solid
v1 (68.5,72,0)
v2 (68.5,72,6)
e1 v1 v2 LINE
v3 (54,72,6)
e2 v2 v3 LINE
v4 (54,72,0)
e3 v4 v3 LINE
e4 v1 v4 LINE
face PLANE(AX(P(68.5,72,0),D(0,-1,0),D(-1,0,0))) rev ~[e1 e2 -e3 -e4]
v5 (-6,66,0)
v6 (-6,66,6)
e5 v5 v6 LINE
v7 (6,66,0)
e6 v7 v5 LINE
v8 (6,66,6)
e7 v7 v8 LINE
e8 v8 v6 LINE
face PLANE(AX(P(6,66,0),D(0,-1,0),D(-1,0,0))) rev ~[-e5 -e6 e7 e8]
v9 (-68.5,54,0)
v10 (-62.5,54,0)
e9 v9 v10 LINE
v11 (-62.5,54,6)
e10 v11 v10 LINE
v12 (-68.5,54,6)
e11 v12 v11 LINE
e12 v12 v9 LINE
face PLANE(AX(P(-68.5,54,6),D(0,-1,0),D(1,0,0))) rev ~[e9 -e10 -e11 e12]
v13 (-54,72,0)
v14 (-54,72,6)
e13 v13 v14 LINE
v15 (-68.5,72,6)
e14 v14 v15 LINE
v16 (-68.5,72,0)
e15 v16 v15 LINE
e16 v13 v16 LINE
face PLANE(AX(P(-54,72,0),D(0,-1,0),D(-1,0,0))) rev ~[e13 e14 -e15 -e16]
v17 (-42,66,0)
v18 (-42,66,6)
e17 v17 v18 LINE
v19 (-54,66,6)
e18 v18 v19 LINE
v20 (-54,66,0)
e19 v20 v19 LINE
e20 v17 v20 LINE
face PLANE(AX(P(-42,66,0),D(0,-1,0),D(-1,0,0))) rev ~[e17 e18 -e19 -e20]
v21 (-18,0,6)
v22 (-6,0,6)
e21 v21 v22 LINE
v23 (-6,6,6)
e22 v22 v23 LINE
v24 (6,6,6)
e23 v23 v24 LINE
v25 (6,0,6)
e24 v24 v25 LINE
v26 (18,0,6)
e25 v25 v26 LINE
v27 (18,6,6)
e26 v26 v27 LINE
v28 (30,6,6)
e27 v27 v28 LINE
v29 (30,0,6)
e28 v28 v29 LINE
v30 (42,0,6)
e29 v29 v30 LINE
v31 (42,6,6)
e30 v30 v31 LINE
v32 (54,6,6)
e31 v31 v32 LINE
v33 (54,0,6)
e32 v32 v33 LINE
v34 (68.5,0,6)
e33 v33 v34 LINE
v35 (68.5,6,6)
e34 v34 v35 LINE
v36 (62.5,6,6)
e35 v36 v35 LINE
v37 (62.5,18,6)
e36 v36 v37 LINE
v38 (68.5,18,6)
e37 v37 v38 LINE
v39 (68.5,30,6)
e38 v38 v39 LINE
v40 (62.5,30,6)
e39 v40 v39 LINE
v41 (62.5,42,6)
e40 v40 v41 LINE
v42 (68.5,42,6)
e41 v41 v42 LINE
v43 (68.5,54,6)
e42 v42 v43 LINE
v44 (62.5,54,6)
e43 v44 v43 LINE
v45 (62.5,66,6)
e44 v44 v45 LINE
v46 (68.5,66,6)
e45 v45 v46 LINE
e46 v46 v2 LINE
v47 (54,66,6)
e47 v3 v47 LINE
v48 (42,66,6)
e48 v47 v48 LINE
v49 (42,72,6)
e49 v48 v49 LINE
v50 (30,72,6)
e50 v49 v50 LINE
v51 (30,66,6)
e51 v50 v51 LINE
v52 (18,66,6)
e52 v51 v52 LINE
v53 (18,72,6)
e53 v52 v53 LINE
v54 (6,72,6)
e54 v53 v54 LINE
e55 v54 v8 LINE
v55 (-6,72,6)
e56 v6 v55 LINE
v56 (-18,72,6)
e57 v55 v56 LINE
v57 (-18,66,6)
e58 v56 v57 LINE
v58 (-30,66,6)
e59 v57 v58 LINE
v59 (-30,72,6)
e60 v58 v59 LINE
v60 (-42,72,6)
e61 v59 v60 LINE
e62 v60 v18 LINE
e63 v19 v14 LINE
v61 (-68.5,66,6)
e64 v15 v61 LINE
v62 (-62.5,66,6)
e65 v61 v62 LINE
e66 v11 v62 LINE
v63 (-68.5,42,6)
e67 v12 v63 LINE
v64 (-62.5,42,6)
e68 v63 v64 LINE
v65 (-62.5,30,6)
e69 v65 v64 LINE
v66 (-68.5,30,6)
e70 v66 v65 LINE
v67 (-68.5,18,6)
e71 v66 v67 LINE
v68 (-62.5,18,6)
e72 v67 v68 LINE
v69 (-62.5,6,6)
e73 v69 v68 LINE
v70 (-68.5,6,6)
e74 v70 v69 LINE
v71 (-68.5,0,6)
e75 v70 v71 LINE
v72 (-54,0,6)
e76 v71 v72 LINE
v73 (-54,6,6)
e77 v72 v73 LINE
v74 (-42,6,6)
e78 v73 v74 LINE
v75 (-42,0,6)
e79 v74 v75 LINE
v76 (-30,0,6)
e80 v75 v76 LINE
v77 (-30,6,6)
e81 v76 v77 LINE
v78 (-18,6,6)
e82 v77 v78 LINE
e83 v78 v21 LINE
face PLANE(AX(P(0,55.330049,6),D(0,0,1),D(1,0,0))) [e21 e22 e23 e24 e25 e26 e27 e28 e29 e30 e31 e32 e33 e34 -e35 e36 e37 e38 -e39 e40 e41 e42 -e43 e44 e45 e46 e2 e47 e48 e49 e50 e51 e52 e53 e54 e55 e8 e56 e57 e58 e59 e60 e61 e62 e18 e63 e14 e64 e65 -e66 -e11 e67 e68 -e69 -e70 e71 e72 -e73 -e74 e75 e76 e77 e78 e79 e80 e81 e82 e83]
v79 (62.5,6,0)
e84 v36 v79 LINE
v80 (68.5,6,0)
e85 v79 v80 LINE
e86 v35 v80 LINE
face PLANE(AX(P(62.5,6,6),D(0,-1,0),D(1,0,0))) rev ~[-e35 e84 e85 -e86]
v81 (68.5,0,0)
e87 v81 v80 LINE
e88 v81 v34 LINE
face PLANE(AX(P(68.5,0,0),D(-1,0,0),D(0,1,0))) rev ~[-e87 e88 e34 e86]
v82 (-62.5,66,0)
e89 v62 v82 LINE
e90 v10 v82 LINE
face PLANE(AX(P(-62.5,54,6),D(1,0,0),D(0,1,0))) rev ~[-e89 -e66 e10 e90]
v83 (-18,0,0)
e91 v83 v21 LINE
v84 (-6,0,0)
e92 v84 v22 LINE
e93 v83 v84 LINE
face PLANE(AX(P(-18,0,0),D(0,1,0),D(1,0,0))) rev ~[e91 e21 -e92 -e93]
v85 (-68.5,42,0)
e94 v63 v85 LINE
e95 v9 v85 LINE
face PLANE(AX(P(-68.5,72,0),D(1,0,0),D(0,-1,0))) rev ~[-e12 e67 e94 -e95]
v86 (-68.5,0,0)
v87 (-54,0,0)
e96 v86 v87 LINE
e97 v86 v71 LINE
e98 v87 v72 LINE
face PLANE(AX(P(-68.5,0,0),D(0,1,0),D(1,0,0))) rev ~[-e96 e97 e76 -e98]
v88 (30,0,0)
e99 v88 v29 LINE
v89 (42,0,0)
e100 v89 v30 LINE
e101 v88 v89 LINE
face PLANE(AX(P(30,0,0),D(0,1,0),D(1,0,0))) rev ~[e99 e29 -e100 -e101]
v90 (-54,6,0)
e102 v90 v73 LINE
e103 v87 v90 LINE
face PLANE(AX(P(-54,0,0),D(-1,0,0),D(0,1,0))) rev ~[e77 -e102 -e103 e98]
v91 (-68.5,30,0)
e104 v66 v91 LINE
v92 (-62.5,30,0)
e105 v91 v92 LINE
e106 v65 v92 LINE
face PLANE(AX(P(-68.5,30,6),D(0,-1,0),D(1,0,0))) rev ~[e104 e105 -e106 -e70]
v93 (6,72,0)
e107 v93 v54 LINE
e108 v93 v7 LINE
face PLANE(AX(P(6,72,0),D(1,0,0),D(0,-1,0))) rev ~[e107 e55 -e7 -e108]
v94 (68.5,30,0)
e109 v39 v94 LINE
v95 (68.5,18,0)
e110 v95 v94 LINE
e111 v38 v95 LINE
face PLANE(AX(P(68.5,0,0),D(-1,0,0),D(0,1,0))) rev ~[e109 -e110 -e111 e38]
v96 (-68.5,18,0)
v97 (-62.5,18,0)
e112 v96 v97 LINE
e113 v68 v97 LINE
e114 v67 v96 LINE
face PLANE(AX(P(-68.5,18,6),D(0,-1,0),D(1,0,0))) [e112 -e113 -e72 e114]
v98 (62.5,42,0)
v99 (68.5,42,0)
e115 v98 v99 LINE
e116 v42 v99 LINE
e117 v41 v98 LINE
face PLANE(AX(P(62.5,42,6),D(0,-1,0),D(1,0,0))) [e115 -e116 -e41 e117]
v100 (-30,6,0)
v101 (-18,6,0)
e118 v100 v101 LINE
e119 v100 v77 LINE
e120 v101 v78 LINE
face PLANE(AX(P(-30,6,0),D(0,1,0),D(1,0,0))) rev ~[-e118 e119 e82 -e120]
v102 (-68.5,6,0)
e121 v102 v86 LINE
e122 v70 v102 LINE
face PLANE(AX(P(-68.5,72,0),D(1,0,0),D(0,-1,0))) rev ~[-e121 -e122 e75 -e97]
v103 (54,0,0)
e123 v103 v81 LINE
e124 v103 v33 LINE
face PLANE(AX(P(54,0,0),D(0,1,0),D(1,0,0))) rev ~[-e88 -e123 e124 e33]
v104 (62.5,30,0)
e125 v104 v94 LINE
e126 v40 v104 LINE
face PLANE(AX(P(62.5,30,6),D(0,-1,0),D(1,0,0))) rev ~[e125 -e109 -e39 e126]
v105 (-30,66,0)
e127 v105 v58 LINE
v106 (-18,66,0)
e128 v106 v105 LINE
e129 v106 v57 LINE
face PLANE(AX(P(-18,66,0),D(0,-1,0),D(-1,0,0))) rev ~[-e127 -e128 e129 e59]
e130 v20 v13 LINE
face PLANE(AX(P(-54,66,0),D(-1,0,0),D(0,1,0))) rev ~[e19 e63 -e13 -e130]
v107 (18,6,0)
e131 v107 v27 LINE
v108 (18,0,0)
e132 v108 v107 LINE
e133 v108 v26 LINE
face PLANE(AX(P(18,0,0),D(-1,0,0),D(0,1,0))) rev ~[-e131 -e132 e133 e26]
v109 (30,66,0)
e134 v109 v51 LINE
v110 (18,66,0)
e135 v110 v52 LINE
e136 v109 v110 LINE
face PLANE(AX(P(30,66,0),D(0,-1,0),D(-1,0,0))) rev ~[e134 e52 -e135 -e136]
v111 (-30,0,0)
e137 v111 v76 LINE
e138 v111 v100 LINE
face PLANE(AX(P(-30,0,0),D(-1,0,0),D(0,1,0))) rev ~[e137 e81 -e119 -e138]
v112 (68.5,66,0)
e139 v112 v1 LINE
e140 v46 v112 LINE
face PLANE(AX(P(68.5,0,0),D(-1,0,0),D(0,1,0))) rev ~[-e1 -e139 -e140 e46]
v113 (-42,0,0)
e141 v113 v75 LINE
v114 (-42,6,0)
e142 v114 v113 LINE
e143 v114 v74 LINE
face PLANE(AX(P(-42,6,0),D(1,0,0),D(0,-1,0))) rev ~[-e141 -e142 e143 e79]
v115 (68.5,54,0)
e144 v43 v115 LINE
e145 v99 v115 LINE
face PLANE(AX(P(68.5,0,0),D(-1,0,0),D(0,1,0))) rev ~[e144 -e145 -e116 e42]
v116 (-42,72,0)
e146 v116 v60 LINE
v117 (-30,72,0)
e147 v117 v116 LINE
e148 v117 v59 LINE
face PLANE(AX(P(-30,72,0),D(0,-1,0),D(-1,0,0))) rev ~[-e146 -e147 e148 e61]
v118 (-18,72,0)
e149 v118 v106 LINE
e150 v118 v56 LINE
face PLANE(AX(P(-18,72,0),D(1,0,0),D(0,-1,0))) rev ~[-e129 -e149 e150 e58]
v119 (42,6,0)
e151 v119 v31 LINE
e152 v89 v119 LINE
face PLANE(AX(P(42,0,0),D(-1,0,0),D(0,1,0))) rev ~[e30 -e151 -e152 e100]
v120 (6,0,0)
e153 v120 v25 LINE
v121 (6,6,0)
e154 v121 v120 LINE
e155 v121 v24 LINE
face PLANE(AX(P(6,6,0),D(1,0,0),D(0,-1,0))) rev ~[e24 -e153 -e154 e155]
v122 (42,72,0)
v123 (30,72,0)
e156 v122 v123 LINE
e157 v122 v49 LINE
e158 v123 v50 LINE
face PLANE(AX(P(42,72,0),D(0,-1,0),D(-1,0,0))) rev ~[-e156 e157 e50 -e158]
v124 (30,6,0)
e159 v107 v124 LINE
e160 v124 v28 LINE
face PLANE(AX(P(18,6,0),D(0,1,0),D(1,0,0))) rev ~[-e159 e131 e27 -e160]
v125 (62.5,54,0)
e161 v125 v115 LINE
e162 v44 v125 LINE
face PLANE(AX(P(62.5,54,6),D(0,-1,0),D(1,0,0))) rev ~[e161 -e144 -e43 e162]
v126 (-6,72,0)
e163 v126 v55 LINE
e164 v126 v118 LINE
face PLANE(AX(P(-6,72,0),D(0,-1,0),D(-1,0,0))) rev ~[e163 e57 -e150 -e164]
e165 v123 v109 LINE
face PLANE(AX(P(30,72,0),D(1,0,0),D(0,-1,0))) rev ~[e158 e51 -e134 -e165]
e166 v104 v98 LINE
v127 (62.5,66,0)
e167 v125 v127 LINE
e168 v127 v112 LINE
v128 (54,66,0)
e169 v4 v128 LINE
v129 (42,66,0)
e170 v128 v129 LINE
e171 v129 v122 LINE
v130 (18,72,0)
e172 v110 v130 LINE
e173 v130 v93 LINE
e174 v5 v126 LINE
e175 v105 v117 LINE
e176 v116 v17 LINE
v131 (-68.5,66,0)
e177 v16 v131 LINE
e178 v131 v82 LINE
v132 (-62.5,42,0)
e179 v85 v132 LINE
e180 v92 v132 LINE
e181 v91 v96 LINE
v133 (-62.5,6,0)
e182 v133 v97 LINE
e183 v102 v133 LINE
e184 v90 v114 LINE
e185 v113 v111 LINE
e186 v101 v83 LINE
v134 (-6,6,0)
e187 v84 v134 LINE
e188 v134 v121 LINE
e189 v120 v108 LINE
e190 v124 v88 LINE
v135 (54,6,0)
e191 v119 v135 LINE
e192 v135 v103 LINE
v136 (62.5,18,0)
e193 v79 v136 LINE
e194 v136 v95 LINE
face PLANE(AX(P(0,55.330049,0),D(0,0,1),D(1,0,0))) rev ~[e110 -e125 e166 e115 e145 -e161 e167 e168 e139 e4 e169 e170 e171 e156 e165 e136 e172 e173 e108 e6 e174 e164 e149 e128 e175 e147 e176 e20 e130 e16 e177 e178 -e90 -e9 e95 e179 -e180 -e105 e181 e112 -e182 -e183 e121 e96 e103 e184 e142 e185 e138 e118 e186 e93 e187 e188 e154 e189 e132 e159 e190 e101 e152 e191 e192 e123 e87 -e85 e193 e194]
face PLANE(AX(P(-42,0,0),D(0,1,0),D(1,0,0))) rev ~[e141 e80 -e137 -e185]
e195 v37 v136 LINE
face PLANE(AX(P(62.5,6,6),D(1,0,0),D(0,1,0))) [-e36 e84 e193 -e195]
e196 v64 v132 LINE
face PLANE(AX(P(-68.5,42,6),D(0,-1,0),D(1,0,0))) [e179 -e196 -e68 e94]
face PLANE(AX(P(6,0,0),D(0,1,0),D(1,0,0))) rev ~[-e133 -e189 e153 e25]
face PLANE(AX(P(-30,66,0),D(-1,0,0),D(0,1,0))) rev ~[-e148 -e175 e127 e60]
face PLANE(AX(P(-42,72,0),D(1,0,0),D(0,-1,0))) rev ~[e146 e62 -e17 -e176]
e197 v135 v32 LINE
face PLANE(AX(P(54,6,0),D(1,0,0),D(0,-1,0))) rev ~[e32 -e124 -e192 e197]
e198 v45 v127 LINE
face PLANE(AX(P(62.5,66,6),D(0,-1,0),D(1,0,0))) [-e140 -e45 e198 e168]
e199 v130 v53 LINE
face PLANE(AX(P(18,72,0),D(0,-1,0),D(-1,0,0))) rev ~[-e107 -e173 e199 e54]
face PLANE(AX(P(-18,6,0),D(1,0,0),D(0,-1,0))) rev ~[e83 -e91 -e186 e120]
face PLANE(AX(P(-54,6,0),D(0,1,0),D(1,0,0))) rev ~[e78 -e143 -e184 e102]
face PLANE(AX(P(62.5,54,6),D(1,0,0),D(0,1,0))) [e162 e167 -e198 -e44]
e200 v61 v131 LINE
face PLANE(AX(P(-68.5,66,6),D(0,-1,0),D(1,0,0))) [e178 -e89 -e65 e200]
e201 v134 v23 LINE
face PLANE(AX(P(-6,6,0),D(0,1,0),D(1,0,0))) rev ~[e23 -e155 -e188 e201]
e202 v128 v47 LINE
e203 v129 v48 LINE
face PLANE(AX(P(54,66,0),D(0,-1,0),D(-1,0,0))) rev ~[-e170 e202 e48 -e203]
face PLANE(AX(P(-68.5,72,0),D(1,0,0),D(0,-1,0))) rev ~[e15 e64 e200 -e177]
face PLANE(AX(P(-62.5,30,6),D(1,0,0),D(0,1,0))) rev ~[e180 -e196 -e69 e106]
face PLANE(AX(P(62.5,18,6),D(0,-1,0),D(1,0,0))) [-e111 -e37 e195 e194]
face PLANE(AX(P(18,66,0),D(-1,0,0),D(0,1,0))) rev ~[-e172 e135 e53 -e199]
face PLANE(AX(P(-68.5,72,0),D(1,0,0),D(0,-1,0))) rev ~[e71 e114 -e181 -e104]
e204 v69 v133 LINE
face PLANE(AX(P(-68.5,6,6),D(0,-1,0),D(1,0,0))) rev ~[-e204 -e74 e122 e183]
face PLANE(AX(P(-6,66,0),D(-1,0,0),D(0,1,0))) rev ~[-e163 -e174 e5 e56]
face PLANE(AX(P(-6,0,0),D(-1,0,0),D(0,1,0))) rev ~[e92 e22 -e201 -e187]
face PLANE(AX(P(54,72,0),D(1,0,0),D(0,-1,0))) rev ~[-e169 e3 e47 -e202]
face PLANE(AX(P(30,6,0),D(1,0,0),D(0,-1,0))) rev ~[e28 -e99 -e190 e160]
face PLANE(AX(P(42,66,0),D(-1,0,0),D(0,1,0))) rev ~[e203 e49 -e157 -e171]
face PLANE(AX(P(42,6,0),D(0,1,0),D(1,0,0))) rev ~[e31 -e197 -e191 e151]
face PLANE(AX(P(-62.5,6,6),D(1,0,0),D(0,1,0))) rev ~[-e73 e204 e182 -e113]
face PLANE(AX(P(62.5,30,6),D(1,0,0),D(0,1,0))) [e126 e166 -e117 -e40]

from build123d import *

# Parameters (mm, degrees)
SKETCH2_W           = 8.5
SKETCH2_H           = 6
BOSS_EXTRUDE1_DEPTH = 6
SKETCH3_W           = 6
SKETCH3_H           = 12
CUT_EXTRUDE1_DEPTH  = 6


with BuildPart() as part:
    # Sketch2 → Boss-Extrude1 (new body)
    with BuildSketch(Plane.XY):
        Polygon((-68.5, 72), (-68.5, 36), (68.5, 36), (68.5, 72), (54, 72), (54, 66), (42, 66), (42, 72), (30, 72), (30, 66), (18, 66), (18, 72), (6, 72), (6, 66), (-6, 66), (-6, 72), (-18, 72), (-18, 66), (-30, 66), (-30, 72), (-42, 72), (-42, 66), (-54, 66), (-54, 72), align=None)
        Polygon((-68.5, 36), (-68.5, 0), (-62.5, 0), (-62.5, 6), (-54, 6), (-42, 6), (-42, 0), (-30, 0), (-30, 6), (-18, 6), (-18, 0), (-6, 0), (-6, 6), (6, 6), (6, 0), (18, 0), (18, 6), (30, 6), (30, 0), (42, 0), (42, 6), (54, 6), (54, 0), (68.5, 0), (68.5, 36), align=None)
        with Locations((-58.25, 3)):
            Rectangle(SKETCH2_W, SKETCH2_H)
    extrude(amount=BOSS_EXTRUDE1_DEPTH)

    # Sketch3 → Cut-Extrude1 (cut)
    with BuildSketch(Plane.XY.offset(6)):
        with Locations((-65.5, 60)):
            Rectangle(SKETCH3_W, SKETCH3_H)
        with Locations((-65.5, 12)):
            Rectangle(SKETCH3_W, SKETCH3_H)
        with Locations((65.5, 36)):
            Rectangle(SKETCH3_W, SKETCH3_H)
        with Locations((65.5, 12)):
            Rectangle(SKETCH3_W, SKETCH3_H)
        with Locations((-65.5, 36)):
            Rectangle(SKETCH3_W, SKETCH3_H)
        with Locations((65.5, 60)):
            Rectangle(SKETCH3_W, SKETCH3_H)
    extrude(amount=-CUT_EXTRUDE1_DEPTH, mode=Mode.SUBTRACT)


solid = part.part
